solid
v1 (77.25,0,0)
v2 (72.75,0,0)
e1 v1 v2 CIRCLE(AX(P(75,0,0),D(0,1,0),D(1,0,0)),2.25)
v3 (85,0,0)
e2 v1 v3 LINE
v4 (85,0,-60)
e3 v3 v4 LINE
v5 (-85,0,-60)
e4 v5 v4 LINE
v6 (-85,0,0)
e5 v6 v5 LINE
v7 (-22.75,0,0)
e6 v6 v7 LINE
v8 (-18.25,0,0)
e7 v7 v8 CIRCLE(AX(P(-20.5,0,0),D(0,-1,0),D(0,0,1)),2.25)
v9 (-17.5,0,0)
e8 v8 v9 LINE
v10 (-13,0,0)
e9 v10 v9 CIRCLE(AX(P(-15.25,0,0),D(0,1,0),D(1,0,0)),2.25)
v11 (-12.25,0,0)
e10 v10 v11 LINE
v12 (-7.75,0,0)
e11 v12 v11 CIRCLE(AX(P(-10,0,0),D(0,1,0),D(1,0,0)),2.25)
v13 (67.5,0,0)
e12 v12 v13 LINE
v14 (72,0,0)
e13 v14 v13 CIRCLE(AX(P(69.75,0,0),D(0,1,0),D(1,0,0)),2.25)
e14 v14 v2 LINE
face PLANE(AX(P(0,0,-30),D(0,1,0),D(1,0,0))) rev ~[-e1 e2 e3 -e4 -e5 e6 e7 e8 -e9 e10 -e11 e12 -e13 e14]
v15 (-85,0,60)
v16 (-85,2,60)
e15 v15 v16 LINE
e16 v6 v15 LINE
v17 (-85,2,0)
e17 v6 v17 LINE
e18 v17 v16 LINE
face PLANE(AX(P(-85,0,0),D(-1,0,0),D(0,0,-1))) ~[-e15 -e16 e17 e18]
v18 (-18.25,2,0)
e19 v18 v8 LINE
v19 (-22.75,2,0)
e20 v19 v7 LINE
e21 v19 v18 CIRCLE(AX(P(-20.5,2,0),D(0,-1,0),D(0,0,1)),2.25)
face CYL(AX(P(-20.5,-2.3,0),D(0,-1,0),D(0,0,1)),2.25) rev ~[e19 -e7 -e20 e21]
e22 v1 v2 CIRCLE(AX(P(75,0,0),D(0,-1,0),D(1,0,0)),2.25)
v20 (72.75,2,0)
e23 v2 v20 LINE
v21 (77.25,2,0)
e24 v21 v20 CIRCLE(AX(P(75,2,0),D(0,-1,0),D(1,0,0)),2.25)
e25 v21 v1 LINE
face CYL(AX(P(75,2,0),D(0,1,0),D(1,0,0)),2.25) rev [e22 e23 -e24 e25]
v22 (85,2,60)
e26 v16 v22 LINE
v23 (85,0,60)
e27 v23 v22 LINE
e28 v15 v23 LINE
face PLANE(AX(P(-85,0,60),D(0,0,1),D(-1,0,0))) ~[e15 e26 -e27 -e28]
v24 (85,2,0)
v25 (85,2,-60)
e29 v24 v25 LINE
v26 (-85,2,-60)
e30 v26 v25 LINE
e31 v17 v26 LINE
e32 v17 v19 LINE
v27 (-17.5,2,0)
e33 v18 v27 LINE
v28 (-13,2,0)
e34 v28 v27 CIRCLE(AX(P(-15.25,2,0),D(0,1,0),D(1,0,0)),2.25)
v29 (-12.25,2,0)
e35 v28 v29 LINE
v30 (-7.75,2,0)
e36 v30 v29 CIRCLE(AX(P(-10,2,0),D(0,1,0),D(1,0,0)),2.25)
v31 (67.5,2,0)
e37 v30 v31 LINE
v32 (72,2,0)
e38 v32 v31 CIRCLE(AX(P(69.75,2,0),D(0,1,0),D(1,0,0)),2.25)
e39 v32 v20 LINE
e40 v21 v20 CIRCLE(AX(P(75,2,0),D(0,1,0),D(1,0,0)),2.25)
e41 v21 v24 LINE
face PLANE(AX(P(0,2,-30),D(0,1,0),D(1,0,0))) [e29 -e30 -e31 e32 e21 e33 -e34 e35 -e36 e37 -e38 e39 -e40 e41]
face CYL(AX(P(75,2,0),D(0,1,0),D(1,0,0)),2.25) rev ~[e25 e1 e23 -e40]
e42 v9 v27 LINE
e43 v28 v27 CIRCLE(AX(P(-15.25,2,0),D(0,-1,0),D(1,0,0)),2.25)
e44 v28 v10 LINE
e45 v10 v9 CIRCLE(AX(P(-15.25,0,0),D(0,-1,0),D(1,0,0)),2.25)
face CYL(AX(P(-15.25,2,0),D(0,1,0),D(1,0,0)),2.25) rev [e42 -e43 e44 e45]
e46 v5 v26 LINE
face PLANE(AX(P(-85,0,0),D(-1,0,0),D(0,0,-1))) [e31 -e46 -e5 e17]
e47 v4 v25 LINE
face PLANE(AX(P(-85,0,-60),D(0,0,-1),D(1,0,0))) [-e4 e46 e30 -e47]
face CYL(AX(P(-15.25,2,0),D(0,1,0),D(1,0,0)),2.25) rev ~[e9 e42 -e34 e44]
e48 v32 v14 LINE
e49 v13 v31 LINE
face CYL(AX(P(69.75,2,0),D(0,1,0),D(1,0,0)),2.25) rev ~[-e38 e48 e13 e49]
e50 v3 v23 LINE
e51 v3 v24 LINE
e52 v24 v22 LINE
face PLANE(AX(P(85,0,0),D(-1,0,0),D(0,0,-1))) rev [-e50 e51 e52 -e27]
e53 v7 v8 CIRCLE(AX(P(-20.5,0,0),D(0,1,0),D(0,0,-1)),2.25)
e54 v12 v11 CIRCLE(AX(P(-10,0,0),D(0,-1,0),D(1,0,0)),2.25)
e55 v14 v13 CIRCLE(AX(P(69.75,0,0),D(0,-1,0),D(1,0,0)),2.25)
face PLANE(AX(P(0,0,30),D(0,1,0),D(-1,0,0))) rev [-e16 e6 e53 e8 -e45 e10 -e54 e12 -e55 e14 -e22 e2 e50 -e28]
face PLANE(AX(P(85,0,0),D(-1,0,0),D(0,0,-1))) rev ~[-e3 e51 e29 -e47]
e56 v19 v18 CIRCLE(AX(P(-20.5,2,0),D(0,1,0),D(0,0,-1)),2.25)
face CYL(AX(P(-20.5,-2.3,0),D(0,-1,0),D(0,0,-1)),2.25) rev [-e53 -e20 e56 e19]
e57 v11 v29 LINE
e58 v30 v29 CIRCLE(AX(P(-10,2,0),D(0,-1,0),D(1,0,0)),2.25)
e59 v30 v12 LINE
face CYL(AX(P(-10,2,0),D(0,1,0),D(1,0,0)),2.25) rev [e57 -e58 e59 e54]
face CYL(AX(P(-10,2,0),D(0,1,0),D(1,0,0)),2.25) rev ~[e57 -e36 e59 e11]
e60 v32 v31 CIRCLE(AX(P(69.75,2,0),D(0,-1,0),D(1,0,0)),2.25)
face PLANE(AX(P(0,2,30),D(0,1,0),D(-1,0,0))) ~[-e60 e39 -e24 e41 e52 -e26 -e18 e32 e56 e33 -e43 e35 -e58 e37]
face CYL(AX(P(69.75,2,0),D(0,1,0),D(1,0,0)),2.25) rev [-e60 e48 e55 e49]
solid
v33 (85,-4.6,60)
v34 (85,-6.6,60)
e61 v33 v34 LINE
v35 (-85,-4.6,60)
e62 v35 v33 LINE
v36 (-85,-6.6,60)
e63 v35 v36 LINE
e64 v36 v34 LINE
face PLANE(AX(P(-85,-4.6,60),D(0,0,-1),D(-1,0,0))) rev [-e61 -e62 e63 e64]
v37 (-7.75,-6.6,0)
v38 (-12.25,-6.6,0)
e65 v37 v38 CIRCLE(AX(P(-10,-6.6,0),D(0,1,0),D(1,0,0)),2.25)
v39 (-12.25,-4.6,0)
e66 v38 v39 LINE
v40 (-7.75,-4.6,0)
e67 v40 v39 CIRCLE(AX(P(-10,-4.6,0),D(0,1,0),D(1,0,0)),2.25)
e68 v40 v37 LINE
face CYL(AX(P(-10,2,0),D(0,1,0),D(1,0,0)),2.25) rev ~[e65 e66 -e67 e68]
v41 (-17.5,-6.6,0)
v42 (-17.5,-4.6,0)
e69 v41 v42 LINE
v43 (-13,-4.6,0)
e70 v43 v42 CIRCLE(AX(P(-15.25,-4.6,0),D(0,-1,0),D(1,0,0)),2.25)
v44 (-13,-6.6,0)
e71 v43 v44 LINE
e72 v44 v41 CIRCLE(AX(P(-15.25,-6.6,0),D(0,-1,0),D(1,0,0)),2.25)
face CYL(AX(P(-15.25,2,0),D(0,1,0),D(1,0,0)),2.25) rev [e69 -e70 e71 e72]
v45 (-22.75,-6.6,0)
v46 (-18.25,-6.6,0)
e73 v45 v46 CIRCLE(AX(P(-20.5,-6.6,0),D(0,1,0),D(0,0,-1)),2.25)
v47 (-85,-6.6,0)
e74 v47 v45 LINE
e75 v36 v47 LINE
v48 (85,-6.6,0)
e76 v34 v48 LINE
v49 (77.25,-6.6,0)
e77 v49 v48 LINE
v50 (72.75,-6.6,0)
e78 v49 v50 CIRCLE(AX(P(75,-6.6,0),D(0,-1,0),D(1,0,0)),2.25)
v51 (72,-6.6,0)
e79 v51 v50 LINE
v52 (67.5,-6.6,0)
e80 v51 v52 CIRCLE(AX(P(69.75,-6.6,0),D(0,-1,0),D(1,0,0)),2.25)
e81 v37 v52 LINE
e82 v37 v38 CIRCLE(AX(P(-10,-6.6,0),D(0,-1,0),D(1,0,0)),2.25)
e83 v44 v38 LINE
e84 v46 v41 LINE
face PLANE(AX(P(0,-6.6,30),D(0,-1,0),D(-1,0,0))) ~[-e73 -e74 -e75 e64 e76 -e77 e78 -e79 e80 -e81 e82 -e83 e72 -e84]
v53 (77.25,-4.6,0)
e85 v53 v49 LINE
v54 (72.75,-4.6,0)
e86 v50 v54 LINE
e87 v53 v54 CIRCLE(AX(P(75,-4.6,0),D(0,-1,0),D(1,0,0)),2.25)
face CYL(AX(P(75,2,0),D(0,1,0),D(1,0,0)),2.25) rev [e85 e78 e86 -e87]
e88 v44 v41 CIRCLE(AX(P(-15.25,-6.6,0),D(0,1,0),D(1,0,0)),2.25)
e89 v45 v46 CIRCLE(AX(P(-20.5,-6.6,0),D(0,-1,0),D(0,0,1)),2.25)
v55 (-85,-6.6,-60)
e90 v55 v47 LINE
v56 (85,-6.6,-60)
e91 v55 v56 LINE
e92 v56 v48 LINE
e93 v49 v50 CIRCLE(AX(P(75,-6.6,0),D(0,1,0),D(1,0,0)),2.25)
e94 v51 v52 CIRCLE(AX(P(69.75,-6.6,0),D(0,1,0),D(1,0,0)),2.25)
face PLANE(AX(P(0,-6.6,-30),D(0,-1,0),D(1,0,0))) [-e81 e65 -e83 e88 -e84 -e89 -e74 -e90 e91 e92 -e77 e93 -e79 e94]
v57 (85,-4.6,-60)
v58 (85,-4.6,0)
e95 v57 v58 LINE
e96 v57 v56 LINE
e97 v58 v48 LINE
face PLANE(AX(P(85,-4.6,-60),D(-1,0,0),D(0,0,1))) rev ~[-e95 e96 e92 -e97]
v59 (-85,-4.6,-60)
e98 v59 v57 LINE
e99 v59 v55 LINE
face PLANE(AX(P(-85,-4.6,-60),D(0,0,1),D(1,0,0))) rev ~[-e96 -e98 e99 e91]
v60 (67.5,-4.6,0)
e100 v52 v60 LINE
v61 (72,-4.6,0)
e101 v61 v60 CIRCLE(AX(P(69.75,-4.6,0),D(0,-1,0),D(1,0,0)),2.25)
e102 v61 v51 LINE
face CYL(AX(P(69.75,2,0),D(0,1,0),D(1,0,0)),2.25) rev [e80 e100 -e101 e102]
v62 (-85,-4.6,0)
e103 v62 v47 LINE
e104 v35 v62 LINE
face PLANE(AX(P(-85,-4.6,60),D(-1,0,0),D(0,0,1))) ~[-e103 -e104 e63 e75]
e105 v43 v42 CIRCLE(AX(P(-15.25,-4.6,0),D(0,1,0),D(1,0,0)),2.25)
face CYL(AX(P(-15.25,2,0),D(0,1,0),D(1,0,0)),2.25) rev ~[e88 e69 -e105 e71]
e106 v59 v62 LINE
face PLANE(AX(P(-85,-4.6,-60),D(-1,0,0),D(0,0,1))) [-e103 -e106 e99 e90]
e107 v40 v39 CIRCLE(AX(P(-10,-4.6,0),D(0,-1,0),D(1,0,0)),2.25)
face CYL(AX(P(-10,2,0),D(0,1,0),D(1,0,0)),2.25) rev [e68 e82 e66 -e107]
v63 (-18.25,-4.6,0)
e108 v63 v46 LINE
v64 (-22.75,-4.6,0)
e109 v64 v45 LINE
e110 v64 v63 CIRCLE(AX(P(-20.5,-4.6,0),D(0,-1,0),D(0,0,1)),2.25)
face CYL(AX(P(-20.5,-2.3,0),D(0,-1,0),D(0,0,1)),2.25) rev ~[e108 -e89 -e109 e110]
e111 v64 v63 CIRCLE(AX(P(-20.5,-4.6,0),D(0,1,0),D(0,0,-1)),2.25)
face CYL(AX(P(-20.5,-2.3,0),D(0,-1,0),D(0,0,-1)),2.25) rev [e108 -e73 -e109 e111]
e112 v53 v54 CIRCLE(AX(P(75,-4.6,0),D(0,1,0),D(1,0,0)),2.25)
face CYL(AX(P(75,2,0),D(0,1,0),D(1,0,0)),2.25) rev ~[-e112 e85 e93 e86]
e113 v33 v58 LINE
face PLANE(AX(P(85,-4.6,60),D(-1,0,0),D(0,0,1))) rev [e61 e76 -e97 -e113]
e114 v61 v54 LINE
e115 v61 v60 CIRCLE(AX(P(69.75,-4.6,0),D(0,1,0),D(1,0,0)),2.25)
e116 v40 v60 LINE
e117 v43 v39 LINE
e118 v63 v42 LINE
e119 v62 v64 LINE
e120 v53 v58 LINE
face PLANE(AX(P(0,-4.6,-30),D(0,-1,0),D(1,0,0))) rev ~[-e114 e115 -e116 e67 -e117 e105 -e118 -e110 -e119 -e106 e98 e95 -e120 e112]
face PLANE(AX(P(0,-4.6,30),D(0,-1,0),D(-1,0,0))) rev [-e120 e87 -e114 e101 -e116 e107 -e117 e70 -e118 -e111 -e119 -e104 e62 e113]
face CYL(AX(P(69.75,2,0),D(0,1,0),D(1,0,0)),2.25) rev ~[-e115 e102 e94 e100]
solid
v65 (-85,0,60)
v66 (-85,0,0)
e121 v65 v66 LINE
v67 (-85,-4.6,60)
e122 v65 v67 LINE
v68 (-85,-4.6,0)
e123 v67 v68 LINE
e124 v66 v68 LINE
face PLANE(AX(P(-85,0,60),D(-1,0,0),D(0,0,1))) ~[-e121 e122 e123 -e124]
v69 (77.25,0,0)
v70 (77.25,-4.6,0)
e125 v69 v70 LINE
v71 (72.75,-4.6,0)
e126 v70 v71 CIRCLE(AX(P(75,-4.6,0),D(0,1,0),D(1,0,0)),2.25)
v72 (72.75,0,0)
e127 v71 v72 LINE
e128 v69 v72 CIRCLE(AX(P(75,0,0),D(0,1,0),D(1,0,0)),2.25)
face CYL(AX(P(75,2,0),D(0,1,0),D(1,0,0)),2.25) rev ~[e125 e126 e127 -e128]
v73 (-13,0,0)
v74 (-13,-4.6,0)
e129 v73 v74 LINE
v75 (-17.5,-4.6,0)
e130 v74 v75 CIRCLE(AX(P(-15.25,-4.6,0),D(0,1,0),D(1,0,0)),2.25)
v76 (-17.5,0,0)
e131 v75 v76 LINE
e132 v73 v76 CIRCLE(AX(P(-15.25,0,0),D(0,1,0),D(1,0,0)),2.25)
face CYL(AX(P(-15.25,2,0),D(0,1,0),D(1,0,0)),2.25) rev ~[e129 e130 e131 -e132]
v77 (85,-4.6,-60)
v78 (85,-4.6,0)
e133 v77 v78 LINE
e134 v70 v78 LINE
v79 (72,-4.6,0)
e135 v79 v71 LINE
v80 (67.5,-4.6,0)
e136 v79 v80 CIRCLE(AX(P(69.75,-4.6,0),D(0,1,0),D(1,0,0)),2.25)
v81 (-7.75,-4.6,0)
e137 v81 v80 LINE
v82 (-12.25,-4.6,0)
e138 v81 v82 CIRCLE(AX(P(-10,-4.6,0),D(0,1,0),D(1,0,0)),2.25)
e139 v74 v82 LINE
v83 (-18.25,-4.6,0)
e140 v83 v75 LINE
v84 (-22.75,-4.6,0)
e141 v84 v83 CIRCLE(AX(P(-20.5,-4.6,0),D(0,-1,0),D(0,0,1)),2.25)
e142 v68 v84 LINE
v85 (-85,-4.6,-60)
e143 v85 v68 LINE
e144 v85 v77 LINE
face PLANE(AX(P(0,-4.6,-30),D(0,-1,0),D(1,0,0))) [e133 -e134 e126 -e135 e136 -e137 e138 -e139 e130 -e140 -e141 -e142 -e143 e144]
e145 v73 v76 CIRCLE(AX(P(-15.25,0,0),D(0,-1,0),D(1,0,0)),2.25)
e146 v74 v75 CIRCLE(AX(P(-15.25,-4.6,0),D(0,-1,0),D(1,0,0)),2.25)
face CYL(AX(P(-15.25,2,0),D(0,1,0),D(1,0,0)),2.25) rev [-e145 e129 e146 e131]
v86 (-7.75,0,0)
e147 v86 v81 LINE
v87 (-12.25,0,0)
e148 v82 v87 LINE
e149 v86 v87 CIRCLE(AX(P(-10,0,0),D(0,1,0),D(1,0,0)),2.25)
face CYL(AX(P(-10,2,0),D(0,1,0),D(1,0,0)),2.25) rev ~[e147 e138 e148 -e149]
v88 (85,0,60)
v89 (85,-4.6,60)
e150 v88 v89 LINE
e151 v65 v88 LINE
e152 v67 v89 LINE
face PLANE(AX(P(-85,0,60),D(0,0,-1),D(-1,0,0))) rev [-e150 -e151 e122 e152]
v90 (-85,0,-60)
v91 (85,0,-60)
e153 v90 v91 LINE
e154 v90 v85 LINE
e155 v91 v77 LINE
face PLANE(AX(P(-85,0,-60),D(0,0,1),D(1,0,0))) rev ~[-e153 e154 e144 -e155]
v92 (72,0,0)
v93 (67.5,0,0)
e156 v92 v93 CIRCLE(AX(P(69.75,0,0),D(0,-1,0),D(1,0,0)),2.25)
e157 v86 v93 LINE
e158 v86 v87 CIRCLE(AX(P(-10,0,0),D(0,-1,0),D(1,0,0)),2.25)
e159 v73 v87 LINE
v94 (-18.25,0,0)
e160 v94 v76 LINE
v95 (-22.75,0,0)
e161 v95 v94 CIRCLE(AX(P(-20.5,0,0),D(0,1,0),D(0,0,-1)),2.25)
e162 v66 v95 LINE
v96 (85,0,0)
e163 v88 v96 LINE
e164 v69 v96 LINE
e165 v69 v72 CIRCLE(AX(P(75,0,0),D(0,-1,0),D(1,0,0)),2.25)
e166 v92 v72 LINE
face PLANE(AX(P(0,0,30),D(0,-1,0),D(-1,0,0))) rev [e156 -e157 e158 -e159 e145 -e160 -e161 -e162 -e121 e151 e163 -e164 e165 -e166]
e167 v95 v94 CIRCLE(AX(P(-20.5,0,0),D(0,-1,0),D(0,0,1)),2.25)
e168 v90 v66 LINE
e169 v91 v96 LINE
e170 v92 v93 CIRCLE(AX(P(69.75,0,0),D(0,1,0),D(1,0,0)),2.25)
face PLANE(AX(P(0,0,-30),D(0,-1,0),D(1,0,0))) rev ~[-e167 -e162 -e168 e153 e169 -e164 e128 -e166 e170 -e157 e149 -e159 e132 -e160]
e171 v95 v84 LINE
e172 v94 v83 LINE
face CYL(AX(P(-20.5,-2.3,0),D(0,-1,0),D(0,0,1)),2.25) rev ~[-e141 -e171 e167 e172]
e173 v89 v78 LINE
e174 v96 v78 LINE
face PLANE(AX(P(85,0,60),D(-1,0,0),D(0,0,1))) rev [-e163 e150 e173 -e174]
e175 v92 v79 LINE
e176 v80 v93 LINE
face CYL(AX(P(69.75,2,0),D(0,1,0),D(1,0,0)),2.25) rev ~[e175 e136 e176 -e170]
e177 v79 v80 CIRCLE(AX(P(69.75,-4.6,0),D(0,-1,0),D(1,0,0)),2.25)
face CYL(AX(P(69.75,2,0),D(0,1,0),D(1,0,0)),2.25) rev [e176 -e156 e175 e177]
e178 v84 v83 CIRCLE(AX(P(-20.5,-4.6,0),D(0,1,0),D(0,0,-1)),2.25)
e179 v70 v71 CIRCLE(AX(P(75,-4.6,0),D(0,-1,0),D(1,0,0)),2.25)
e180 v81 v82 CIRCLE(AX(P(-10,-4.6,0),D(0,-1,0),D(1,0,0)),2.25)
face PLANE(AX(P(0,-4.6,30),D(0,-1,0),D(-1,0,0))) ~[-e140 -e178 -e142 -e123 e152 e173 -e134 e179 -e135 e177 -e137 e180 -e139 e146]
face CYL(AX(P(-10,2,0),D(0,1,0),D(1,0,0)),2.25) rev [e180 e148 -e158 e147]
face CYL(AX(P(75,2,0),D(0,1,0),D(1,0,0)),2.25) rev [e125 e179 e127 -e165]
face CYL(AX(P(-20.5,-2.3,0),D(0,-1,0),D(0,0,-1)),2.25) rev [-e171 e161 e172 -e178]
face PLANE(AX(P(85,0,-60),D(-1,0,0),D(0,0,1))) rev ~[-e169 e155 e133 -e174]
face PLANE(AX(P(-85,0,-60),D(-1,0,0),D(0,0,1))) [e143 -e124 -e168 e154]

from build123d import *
from build123d.topology import SkipClean

# Parameters (mm, degrees)
SKETCH1_W           = 170
SKETCH1_H           = 60
BOSS_EXTRUDE1_DEPTH = 2
SKETCH2_W           = 170
SKETCH2_H           = 60
BOSS_EXTRUDE2_DEPTH = 4.6
SKETCH3_W           = 170
SKETCH3_H           = 60
BOSS_EXTRUDE3_DEPTH = 2
SKETCH4_R           = 2.25
CUT_EXTRUDE1_DEPTH  = 105.398084274
SKETCH8_W           = 2.25
SKETCH8_H           = 8.6


with BuildPart() as part:
    # Sketch1 → Boss-Extrude1 (new body)
    with BuildSketch(Plane(origin=(0, 0, 0), x_dir=(1, 0, 0), z_dir=(0, 1, 0))):
        with Locations((0, 30)):
            Rectangle(SKETCH1_W, SKETCH1_H)
    extrude(amount=BOSS_EXTRUDE1_DEPTH)


with BuildPart() as body_2:
    # Sketch2 → Boss-Extrude2 (new body)
    with BuildSketch(Plane.XZ):
        with Locations((0, -30)):
            Rectangle(SKETCH2_W, SKETCH2_H)
    extrude(amount=BOSS_EXTRUDE2_DEPTH)


with BuildPart() as body_3:
    # Sketch3 → Boss-Extrude3 (new body)
    with BuildSketch(Plane.XZ.offset(4.6)):
        with Locations((0, -30)):
            Rectangle(SKETCH3_W, SKETCH3_H)
    extrude(amount=BOSS_EXTRUDE3_DEPTH)


with BuildPart() as cut_extrude1_tool:
    # Sketch4 → Cut-Extrude1 (new, through all)
    with BuildSketch(Plane(origin=(0, 2, 0), x_dir=(1, 0, 0), z_dir=(0, 1, 0))):
        with Locations((75, 0)):
            Circle(SKETCH4_R)
        with Locations((-10, 0)):
            Circle(SKETCH4_R)
        with Locations((69.75, 0)):
            Circle(SKETCH4_R)
        with Locations((-15.25, 0)):
            Circle(SKETCH4_R)
    extrude(amount=-CUT_EXTRUDE1_DEPTH)


with BuildPart() as part_1:
    add(part.part)

    # Cut-Extrude1: cut by cut_extrude1_tool
    add(cut_extrude1_tool.part, mode=Mode.SUBTRACT)


with BuildPart() as body_2_1:
    add(body_2.part)

    # Cut-Extrude1: cut by cut_extrude1_tool
    add(cut_extrude1_tool.part, mode=Mode.SUBTRACT)


with BuildPart() as body_3_1:
    add(body_3.part)

    # Cut-Extrude1: cut by cut_extrude1_tool
    add(cut_extrude1_tool.part, mode=Mode.SUBTRACT)


with BuildPart() as f_4_5_4_5_diameter_hole1_tool:
    # Sketch8 → Ø4.5 (4.5) Diameter Hole1 (revolve)
    with BuildSketch(Plane(origin=(-20.5, 2, 0), x_dir=(0, 0, 1), z_dir=(1, 0, 0))):
        with Locations((1.125, 4.3)):
            Rectangle(SKETCH8_W, SKETCH8_H)
    revolve(axis=Axis((-20.5, 8.35, 0), (0, -1, 0)))


with BuildPart() as part_2:
    add(part_1.part)

    # Ø4.5 (4.5) Diameter Hole1: cut by f_4_5_4_5_diameter_hole1_tool
    add(f_4_5_4_5_diameter_hole1_tool.part, mode=Mode.SUBTRACT)

    # Mirror1: part across plane


with BuildPart() as body_2_2:
    add(body_2_1.part)

    # Ø4.5 (4.5) Diameter Hole1: cut by f_4_5_4_5_diameter_hole1_tool
    add(f_4_5_4_5_diameter_hole1_tool.part, mode=Mode.SUBTRACT)

    # Mirror1 2: body 2 across plane


with BuildPart() as body_3_2:
    add(body_3_1.part)

    # Ø4.5 (4.5) Diameter Hole1: cut by f_4_5_4_5_diameter_hole1_tool
    add(f_4_5_4_5_diameter_hole1_tool.part, mode=Mode.SUBTRACT)

    # Mirror1 3: body 3 across plane


with BuildPart() as part_3:
    with SkipClean():  # the faces are left unmerged after this step: merging them gives an invalid solid
        add(part_2.part)
        add(part_2.part.mirror(Plane(origin=(85, -4.6, 0), x_dir=(1, 0, 0), z_dir=(0, 0, -1))))


with BuildPart() as body_2_3:
    with SkipClean():  # the faces are left unmerged after this step: merging them gives an invalid solid
        add(body_2_2.part)
        add(body_2_2.part.mirror(Plane(origin=(85, -4.6, 0), x_dir=(1, 0, 0), z_dir=(0, 0, -1))))


with BuildPart() as body_3_3:
    with SkipClean():  # the faces are left unmerged after this step: merging them gives an invalid solid
        add(body_3_2.part)
        add(body_3_2.part.mirror(Plane(origin=(85, -4.6, 0), x_dir=(1, 0, 0), z_dir=(0, 0, -1))))


solid = Compound([part_3.part, body_2_3.part, body_3_3.part])
